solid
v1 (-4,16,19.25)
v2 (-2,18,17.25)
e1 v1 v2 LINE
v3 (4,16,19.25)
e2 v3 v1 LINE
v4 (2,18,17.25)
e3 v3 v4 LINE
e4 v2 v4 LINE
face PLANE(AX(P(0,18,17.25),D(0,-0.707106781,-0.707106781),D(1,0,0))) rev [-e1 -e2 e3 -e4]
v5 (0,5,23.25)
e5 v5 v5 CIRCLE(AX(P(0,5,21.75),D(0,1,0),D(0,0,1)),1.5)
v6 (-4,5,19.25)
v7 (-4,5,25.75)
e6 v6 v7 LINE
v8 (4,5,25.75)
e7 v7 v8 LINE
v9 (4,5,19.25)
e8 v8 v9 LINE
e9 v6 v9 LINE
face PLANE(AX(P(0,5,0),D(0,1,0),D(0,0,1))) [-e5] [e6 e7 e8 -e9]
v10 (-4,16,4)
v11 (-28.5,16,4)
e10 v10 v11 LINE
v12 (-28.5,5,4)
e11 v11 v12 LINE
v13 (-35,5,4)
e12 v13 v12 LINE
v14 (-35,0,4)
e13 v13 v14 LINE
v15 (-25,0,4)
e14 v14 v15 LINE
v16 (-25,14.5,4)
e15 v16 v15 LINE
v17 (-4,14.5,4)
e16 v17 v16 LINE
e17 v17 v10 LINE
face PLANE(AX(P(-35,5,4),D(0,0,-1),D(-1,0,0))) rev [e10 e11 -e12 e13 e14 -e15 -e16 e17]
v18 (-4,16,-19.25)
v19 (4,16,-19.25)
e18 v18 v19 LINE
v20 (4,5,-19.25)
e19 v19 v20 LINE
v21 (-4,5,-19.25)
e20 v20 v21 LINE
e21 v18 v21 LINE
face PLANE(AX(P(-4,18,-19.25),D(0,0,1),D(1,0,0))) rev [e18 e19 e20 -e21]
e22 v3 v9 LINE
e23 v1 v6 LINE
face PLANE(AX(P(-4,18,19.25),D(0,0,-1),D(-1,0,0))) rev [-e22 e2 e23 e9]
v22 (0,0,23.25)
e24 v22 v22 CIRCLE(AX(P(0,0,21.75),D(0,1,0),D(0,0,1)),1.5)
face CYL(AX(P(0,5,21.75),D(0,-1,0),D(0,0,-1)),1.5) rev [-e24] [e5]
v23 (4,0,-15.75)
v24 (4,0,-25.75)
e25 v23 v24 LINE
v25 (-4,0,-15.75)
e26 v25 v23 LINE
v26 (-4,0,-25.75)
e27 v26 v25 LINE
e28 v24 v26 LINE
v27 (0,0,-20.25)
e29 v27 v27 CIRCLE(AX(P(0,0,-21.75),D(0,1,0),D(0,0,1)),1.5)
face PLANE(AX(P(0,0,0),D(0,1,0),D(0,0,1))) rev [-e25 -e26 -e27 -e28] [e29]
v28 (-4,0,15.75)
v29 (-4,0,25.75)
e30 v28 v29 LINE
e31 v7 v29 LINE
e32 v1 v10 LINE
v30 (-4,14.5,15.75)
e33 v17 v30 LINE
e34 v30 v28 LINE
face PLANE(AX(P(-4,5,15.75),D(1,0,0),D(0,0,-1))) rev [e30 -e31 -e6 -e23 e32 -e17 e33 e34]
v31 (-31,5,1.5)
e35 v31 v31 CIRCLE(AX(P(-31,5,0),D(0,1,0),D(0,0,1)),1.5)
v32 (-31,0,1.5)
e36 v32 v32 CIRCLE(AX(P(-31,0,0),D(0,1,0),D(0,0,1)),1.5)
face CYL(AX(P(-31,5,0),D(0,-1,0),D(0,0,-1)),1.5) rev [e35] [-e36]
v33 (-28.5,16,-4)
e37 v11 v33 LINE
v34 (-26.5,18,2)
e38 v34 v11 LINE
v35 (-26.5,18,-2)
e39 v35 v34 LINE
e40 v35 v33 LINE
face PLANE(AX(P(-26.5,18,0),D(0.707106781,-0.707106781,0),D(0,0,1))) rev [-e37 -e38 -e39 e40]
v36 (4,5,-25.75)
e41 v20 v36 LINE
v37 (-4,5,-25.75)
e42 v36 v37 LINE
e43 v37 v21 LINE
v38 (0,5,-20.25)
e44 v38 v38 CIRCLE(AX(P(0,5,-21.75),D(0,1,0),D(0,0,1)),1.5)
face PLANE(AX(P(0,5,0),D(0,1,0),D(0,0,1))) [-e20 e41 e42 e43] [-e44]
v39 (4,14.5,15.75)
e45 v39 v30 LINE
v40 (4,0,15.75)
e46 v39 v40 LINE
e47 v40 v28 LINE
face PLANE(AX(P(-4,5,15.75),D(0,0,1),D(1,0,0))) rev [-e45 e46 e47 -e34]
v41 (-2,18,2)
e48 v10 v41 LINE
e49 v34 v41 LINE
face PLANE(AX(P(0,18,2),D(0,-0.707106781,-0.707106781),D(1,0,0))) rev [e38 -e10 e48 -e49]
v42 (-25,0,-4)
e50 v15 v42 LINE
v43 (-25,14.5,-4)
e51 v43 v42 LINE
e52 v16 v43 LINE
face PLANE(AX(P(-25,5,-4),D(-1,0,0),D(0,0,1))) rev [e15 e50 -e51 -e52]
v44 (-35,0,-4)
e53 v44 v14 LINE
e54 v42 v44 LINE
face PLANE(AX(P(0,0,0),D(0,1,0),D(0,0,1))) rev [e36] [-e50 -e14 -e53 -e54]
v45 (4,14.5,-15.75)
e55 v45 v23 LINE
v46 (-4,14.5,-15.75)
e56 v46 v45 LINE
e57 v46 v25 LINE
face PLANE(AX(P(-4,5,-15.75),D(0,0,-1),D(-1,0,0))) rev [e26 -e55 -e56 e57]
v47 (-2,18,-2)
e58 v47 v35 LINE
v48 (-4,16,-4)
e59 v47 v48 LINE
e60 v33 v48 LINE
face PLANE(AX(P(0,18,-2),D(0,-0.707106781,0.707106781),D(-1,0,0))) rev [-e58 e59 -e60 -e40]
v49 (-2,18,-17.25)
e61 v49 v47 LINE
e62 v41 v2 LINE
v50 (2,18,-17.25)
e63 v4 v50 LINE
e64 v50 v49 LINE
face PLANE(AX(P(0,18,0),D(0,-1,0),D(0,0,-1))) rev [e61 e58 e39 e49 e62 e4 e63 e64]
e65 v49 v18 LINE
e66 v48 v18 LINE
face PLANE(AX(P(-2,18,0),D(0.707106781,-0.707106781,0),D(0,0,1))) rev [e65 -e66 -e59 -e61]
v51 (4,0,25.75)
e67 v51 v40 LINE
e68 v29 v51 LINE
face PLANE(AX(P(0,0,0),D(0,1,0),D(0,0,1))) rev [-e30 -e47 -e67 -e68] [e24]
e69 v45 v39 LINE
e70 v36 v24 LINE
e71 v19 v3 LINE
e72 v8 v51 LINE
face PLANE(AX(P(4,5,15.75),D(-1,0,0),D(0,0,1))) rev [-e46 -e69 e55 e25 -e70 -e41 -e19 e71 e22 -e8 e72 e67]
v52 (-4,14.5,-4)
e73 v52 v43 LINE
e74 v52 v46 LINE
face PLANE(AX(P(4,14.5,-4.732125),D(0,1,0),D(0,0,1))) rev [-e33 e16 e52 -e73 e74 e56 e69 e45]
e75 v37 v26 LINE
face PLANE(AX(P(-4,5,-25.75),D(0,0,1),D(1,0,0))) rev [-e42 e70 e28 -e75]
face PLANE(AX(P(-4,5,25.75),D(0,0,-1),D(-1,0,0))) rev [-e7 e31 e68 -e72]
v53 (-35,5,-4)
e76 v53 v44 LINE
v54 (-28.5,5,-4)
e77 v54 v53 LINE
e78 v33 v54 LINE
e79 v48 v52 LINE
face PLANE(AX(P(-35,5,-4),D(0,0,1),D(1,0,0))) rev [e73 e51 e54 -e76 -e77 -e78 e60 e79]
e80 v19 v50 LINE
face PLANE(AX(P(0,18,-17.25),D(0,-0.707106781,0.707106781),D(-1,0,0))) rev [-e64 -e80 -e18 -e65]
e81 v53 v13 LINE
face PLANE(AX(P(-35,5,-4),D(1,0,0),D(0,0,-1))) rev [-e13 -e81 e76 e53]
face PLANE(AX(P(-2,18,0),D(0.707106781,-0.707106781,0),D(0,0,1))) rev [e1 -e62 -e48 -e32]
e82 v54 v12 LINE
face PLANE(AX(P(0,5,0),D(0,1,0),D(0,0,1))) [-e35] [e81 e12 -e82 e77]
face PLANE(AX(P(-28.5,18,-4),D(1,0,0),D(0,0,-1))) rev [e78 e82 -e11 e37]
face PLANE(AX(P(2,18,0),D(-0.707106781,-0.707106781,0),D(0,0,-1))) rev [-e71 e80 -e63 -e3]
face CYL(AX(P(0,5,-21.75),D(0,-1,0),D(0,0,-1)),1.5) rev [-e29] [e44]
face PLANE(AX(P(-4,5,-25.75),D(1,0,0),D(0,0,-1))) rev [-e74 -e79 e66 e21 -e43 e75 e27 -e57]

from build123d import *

# Parameters (mm, degrees)
IZIM1_W                       = 10
IZIM1_H                       = 8
IZIM1_R                       = 1.5
Y_KSEKLIK_EKSTR_ZYON1_DEPTH   = 5
IZIM1_W_2                     = 8
IZIM1_H_2                     = 10
Y_KSEKLIK_EKSTR_ZYON1_2_DEPTH = 5
Y_KSEKLIK_EKSTR_ZYON1_3_DEPTH = 5
IZIM2_W                       = 3.5
IZIM2_H                       = 8
IZIM2_W_2                     = 8
IZIM2_H_2                     = 3.5
Y_KSEKLIK_EKSTR_ZYON2_DEPTH   = 13
IZIM3_W                       = 8
IZIM3_H                       = 3.5
Y_KSEKLIK_EKSTR_ZYON3_DEPTH   = 29
IZIM4_W                       = 8
IZIM4_H                       = 3.5
Y_KSEKLIK_EKSTR_ZYON4_DEPTH   = 11.75
IZIM5_W                       = 8
IZIM5_H                       = 3.5
Y_KSEKLIK_EKSTR_ZYON5_DEPTH   = 11.75
PAH1_SIZE                     = 2


with BuildPart() as part:
    # Çizim1 → Yükseklik-Ekstrüzyon1 (new body)
    with BuildSketch(Plane(origin=(0, 0, 0), x_dir=(1, 0, 0), z_dir=(0, 1, 0))):
        with Locations((-30, 0)):
            Rectangle(IZIM1_W, IZIM1_H)
        with Locations(Location((-31, 0, 0), (0, 0, 270))):
            Circle(IZIM1_R, mode=Mode.SUBTRACT)
    extrude(amount=Y_KSEKLIK_EKSTR_ZYON1_DEPTH)



with BuildPart() as body_2:
    # Çizim1 → Y_kseklik-Ekstr_zyon1 2 (new body)
    with BuildSketch(Plane(origin=(0, 0, 0), x_dir=(1, 0, 0), z_dir=(0, 1, 0))):
        with Locations((0, 20.75)):
            Rectangle(IZIM1_W_2, IZIM1_H_2)
        with Locations(Location((0, 21.75, 0), (0, 0, 270))):
            Circle(IZIM1_R, mode=Mode.SUBTRACT)
    extrude(amount=Y_KSEKLIK_EKSTR_ZYON1_2_DEPTH)


with BuildPart() as body_3:
    # Çizim1 → Y_kseklik-Ekstr_zyon1 3 (new body)
    with BuildSketch(Plane(origin=(0, 0, 0), x_dir=(1, 0, 0), z_dir=(0, 1, 0))):
        with Locations((0, -20.75)):
            Rectangle(IZIM1_W_2, IZIM1_H_2)
        with Locations(Location((0, -21.75, 0), (0, 0, 270))):
            Circle(IZIM1_R, mode=Mode.SUBTRACT)
    extrude(amount=Y_KSEKLIK_EKSTR_ZYON1_3_DEPTH)


with BuildPart() as part_1:
    add(part.part)

    add(body_2.part)  # Yükseklik-Ekstrüzyon2 merges body 2

    add(body_3.part)  # Yükseklik-Ekstrüzyon2 merges body 3
    # Çizim2 → Yükseklik-Ekstrüzyon2 (add)
    with BuildSketch(Plane(origin=(0, 5, 0), x_dir=(1, 0, 0), z_dir=(0, 1, 0))):
        with Locations((-26.75, 0)):
            Rectangle(IZIM2_W, IZIM2_H)
        with Locations((0, 17.5)):
            Rectangle(IZIM2_W_2, IZIM2_H_2)
        with Locations((0, -17.5)):
            Rectangle(IZIM2_W_2, IZIM2_H_2)
    extrude(amount=Y_KSEKLIK_EKSTR_ZYON2_DEPTH)

    # Çizim3 → Yükseklik-Ekstrüzyon3 (add)
    with BuildSketch(Plane(origin=(-25, 0, 0), x_dir=(0, 0, -1), z_dir=(1, 0, 0))):
        with Locations((0, 16.25)):
            Rectangle(IZIM3_W, IZIM3_H)
    extrude(amount=Y_KSEKLIK_EKSTR_ZYON3_DEPTH)

    # Çizim4 → Yükseklik-Ekstrüzyon4 (add)
    with BuildSketch(Plane.XY.offset(-15.75)):
        with Locations((0, 16.25)):
            Rectangle(IZIM4_W, IZIM4_H)
    extrude(amount=Y_KSEKLIK_EKSTR_ZYON4_DEPTH)

    # Çizim5 → Yükseklik-Ekstrüzyon5 (add)
    with BuildSketch(Plane(origin=(0, 0, 15.75), x_dir=(-1, 0, 0), z_dir=(0, 0, -1))):
        with Locations((0, 16.25)):
            Rectangle(IZIM5_W, IZIM5_H)
    extrude(amount=Y_KSEKLIK_EKSTR_ZYON5_DEPTH)

    # Pah1
    pah1_edges = [part_1.edges().sort_by_distance(p)[0] for p in [
        (-4, 18, 11.625),
        (0, 18, 19.25),
        (4, 18, 0),
        (-4, 18, -11.625),
        (-16.25, 18, -4),
        (-28.5, 18, 0),
        (-16.25, 18, 4),
        (0, 18, -19.25),
    ]]
    chamfer(pah1_edges, length=PAH1_SIZE)


solid = part_1.part
